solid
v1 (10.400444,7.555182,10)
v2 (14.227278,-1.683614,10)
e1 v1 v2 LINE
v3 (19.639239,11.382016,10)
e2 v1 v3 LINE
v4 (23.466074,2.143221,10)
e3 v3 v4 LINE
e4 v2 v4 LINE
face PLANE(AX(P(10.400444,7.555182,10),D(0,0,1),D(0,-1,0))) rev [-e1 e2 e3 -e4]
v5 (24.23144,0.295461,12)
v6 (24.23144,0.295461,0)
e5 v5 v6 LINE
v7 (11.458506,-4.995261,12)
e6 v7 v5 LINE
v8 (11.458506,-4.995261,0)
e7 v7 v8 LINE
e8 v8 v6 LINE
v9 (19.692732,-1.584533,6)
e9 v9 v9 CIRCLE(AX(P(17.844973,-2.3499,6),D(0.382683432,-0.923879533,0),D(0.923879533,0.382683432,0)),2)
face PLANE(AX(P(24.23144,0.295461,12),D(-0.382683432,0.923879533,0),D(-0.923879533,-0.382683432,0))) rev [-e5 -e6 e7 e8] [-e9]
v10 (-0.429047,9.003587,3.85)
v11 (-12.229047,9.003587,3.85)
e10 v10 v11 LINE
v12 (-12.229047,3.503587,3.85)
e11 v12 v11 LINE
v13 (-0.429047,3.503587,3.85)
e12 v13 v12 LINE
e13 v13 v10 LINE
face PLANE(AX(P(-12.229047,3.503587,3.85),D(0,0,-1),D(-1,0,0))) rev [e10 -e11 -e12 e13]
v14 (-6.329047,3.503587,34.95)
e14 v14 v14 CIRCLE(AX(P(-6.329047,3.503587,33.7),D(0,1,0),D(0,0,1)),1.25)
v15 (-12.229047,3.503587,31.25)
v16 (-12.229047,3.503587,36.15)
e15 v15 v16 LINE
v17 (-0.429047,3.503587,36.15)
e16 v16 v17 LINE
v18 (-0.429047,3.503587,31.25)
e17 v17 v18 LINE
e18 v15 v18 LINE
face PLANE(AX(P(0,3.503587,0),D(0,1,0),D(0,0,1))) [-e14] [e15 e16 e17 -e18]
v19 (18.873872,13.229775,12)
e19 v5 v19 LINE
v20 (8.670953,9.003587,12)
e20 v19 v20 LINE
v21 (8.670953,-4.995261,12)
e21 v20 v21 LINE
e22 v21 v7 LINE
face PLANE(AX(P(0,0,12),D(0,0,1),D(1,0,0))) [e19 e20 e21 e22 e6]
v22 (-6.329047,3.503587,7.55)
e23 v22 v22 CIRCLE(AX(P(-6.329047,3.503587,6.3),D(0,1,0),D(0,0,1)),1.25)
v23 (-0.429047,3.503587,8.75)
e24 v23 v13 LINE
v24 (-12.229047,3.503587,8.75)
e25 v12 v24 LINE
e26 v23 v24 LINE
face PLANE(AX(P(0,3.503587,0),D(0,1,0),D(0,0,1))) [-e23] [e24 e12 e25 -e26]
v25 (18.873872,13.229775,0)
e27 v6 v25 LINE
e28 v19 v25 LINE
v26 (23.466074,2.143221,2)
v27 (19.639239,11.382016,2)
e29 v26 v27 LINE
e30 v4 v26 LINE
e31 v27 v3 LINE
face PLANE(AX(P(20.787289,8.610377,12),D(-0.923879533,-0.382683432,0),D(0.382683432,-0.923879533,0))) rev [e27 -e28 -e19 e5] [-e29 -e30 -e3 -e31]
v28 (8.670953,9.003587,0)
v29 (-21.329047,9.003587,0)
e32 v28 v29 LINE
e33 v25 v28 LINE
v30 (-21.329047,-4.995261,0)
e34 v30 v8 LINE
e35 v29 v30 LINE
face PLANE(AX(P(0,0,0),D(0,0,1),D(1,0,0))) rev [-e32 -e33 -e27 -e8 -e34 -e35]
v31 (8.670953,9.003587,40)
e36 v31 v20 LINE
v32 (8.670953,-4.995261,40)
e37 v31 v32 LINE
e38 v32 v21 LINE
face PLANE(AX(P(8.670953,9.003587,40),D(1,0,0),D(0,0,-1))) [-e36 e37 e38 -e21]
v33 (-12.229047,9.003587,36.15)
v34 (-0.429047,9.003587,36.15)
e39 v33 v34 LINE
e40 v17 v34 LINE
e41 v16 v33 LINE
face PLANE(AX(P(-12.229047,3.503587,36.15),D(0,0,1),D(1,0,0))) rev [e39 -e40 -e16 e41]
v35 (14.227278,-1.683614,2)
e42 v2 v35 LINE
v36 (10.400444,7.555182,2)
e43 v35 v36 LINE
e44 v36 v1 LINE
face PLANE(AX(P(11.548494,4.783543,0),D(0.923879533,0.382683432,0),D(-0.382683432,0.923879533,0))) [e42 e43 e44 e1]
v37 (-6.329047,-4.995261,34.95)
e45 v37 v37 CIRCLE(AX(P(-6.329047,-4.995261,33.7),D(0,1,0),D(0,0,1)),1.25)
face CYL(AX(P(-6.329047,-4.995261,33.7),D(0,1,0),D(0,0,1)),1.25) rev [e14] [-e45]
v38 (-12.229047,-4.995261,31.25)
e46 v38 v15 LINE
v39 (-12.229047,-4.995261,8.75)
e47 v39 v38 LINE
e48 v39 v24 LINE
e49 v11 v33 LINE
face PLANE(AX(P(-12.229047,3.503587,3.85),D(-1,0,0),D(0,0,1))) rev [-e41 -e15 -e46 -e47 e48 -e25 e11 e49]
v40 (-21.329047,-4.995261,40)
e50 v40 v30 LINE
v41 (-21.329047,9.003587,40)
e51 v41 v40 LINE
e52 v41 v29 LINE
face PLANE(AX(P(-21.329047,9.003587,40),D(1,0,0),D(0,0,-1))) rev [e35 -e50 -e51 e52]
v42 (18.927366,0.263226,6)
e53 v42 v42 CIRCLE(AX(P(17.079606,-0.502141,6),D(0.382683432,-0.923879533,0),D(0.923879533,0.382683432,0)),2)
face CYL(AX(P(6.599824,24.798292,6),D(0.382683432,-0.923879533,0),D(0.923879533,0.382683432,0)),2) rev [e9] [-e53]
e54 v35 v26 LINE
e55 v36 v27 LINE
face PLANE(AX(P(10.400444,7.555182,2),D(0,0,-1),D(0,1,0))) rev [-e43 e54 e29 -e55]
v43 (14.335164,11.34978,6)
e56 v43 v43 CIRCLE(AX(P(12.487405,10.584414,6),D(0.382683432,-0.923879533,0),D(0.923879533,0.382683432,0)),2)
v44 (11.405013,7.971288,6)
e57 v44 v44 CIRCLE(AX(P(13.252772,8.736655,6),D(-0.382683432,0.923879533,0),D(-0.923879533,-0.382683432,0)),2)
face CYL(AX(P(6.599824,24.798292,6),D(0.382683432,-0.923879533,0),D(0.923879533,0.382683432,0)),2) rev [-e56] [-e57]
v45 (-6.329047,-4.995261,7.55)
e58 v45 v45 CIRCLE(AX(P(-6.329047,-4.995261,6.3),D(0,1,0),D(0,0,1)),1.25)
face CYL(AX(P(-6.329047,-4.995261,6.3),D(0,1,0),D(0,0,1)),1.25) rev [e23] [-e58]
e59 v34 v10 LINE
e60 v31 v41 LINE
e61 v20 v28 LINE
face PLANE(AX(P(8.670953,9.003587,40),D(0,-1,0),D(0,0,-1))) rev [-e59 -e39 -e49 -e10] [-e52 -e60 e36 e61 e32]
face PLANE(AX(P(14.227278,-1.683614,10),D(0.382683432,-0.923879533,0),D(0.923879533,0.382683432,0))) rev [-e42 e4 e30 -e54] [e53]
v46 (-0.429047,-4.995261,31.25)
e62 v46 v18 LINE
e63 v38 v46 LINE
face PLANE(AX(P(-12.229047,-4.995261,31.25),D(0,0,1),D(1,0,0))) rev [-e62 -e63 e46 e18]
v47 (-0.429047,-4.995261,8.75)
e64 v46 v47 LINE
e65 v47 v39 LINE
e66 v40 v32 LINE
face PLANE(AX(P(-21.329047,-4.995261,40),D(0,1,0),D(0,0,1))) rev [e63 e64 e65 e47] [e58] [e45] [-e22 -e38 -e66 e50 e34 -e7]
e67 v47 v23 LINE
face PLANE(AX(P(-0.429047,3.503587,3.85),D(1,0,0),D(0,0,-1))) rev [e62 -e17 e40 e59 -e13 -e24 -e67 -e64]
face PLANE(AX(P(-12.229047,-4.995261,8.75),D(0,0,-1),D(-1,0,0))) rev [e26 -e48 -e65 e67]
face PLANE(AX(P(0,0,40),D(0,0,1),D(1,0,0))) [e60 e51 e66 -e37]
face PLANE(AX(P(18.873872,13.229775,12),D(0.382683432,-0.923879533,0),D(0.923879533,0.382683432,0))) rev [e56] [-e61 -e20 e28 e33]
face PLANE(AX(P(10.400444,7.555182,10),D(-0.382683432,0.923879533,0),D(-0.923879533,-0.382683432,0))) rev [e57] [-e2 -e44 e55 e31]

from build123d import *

# Parameters (mm, degrees)
BOSS_EXTRUDE1_DEPTH = 40
SKETCH4_W           = 11.8
SKETCH4_H           = 32.3
CUT_EXTRUDE1_DEPTH  = 5.5
SKETCH5_W           = 11.8
SKETCH5_H           = 22.5
CUT_EXTRUDE2_DEPTH  = 9.498848241
SKETCH6_R           = 1.25
CUT_EXTRUDE3_DEPTH  = 9.498848241
BOSS_EXTRUDE2_DEPTH = 12
SKETCH8_W           = 8
SKETCH8_H           = 10
CUT_EXTRUDE4_DEPTH  = 10
SKETCH9_R           = 2
CUT_EXTRUDE5_DEPTH  = 30.384991323


with BuildPart() as part:
    # Sketch1 → Boss-Extrude1 (new body)
    with BuildSketch(Plane.XY):
        Polygon((8.670952565, 9.003587153), (-11.329047435, 9.003587153), (-21.329047435, 9.003587153), (-21.329047435, -4.995261088), (-11.329047435, -4.995261088), (8.670952565, -4.995261088), align=None)
    extrude(amount=BOSS_EXTRUDE1_DEPTH)

    # Sketch4 → Cut-Extrude1 (cut)
    with BuildSketch(Plane(origin=(0, 9.003587153, 0), x_dir=(1, 0, 0), z_dir=(0, 1, 0))):
        with Locations((-6.329047435, -20)):
            Rectangle(SKETCH4_W, SKETCH4_H)
    extrude(amount=-CUT_EXTRUDE1_DEPTH, mode=Mode.SUBTRACT)

    # Sketch5 → Cut-Extrude2 (cut, through all)
    with BuildSketch(Plane(origin=(0, 3.503587153, 0), x_dir=(1, 0, 0), z_dir=(0, 1, 0))):
        with Locations((-6.329047435, -20)):
            Rectangle(SKETCH5_W, SKETCH5_H)
    extrude(amount=-CUT_EXTRUDE2_DEPTH, mode=Mode.SUBTRACT)

    # Sketch6 → Cut-Extrude3 (cut, through all)
    with BuildSketch(Plane(origin=(0, 3.503587153, 0), x_dir=(1, 0, 0), z_dir=(0, 1, 0))):
        with Locations((-6.329047435, -6.3)):
            Circle(SKETCH6_R)
        with Locations((-6.329047435, -33.7)):
            Circle(SKETCH6_R)
    extrude(amount=-CUT_EXTRUDE3_DEPTH, mode=Mode.SUBTRACT)

    # Sketch7 → Boss-Extrude2 (add)
    with BuildSketch(Plane.XY):
        Polygon((8.670952565, 9.003587153), (8.670952565, -4.995261088), (11.458506302, -4.995261088), (24.231440373, 0.295461436), (20.787289482, 8.610377228), (18.87387232, 13.229774891), align=None)
    extrude(amount=BOSS_EXTRUDE2_DEPTH)

    # Sketch8 → Cut-Extrude4 (cut)
    with BuildSketch(Plane(origin=(20.787289482, 8.610377228, 0), x_dir=(0, 0, -1), z_dir=(0.923879533, 0.382683432, 0))):
        with Locations((-6, -2)):
            Rectangle(SKETCH8_W, SKETCH8_H)
    extrude(amount=-CUT_EXTRUDE4_DEPTH, mode=Mode.SUBTRACT)

    # Sketch9 → Cut-Extrude5 (cut, through all)
    with BuildSketch(Plane(origin=(3.444150891, -8.314915793, 0), x_dir=(0.923879533, 0.382683432, 0), z_dir=(0.382683432, -0.923879533, 0))):
        with Locations((15.587337893, 6)):
            Circle(SKETCH9_R)
    extrude(amount=-CUT_EXTRUDE5_DEPTH, mode=Mode.SUBTRACT)


solid = part.part
